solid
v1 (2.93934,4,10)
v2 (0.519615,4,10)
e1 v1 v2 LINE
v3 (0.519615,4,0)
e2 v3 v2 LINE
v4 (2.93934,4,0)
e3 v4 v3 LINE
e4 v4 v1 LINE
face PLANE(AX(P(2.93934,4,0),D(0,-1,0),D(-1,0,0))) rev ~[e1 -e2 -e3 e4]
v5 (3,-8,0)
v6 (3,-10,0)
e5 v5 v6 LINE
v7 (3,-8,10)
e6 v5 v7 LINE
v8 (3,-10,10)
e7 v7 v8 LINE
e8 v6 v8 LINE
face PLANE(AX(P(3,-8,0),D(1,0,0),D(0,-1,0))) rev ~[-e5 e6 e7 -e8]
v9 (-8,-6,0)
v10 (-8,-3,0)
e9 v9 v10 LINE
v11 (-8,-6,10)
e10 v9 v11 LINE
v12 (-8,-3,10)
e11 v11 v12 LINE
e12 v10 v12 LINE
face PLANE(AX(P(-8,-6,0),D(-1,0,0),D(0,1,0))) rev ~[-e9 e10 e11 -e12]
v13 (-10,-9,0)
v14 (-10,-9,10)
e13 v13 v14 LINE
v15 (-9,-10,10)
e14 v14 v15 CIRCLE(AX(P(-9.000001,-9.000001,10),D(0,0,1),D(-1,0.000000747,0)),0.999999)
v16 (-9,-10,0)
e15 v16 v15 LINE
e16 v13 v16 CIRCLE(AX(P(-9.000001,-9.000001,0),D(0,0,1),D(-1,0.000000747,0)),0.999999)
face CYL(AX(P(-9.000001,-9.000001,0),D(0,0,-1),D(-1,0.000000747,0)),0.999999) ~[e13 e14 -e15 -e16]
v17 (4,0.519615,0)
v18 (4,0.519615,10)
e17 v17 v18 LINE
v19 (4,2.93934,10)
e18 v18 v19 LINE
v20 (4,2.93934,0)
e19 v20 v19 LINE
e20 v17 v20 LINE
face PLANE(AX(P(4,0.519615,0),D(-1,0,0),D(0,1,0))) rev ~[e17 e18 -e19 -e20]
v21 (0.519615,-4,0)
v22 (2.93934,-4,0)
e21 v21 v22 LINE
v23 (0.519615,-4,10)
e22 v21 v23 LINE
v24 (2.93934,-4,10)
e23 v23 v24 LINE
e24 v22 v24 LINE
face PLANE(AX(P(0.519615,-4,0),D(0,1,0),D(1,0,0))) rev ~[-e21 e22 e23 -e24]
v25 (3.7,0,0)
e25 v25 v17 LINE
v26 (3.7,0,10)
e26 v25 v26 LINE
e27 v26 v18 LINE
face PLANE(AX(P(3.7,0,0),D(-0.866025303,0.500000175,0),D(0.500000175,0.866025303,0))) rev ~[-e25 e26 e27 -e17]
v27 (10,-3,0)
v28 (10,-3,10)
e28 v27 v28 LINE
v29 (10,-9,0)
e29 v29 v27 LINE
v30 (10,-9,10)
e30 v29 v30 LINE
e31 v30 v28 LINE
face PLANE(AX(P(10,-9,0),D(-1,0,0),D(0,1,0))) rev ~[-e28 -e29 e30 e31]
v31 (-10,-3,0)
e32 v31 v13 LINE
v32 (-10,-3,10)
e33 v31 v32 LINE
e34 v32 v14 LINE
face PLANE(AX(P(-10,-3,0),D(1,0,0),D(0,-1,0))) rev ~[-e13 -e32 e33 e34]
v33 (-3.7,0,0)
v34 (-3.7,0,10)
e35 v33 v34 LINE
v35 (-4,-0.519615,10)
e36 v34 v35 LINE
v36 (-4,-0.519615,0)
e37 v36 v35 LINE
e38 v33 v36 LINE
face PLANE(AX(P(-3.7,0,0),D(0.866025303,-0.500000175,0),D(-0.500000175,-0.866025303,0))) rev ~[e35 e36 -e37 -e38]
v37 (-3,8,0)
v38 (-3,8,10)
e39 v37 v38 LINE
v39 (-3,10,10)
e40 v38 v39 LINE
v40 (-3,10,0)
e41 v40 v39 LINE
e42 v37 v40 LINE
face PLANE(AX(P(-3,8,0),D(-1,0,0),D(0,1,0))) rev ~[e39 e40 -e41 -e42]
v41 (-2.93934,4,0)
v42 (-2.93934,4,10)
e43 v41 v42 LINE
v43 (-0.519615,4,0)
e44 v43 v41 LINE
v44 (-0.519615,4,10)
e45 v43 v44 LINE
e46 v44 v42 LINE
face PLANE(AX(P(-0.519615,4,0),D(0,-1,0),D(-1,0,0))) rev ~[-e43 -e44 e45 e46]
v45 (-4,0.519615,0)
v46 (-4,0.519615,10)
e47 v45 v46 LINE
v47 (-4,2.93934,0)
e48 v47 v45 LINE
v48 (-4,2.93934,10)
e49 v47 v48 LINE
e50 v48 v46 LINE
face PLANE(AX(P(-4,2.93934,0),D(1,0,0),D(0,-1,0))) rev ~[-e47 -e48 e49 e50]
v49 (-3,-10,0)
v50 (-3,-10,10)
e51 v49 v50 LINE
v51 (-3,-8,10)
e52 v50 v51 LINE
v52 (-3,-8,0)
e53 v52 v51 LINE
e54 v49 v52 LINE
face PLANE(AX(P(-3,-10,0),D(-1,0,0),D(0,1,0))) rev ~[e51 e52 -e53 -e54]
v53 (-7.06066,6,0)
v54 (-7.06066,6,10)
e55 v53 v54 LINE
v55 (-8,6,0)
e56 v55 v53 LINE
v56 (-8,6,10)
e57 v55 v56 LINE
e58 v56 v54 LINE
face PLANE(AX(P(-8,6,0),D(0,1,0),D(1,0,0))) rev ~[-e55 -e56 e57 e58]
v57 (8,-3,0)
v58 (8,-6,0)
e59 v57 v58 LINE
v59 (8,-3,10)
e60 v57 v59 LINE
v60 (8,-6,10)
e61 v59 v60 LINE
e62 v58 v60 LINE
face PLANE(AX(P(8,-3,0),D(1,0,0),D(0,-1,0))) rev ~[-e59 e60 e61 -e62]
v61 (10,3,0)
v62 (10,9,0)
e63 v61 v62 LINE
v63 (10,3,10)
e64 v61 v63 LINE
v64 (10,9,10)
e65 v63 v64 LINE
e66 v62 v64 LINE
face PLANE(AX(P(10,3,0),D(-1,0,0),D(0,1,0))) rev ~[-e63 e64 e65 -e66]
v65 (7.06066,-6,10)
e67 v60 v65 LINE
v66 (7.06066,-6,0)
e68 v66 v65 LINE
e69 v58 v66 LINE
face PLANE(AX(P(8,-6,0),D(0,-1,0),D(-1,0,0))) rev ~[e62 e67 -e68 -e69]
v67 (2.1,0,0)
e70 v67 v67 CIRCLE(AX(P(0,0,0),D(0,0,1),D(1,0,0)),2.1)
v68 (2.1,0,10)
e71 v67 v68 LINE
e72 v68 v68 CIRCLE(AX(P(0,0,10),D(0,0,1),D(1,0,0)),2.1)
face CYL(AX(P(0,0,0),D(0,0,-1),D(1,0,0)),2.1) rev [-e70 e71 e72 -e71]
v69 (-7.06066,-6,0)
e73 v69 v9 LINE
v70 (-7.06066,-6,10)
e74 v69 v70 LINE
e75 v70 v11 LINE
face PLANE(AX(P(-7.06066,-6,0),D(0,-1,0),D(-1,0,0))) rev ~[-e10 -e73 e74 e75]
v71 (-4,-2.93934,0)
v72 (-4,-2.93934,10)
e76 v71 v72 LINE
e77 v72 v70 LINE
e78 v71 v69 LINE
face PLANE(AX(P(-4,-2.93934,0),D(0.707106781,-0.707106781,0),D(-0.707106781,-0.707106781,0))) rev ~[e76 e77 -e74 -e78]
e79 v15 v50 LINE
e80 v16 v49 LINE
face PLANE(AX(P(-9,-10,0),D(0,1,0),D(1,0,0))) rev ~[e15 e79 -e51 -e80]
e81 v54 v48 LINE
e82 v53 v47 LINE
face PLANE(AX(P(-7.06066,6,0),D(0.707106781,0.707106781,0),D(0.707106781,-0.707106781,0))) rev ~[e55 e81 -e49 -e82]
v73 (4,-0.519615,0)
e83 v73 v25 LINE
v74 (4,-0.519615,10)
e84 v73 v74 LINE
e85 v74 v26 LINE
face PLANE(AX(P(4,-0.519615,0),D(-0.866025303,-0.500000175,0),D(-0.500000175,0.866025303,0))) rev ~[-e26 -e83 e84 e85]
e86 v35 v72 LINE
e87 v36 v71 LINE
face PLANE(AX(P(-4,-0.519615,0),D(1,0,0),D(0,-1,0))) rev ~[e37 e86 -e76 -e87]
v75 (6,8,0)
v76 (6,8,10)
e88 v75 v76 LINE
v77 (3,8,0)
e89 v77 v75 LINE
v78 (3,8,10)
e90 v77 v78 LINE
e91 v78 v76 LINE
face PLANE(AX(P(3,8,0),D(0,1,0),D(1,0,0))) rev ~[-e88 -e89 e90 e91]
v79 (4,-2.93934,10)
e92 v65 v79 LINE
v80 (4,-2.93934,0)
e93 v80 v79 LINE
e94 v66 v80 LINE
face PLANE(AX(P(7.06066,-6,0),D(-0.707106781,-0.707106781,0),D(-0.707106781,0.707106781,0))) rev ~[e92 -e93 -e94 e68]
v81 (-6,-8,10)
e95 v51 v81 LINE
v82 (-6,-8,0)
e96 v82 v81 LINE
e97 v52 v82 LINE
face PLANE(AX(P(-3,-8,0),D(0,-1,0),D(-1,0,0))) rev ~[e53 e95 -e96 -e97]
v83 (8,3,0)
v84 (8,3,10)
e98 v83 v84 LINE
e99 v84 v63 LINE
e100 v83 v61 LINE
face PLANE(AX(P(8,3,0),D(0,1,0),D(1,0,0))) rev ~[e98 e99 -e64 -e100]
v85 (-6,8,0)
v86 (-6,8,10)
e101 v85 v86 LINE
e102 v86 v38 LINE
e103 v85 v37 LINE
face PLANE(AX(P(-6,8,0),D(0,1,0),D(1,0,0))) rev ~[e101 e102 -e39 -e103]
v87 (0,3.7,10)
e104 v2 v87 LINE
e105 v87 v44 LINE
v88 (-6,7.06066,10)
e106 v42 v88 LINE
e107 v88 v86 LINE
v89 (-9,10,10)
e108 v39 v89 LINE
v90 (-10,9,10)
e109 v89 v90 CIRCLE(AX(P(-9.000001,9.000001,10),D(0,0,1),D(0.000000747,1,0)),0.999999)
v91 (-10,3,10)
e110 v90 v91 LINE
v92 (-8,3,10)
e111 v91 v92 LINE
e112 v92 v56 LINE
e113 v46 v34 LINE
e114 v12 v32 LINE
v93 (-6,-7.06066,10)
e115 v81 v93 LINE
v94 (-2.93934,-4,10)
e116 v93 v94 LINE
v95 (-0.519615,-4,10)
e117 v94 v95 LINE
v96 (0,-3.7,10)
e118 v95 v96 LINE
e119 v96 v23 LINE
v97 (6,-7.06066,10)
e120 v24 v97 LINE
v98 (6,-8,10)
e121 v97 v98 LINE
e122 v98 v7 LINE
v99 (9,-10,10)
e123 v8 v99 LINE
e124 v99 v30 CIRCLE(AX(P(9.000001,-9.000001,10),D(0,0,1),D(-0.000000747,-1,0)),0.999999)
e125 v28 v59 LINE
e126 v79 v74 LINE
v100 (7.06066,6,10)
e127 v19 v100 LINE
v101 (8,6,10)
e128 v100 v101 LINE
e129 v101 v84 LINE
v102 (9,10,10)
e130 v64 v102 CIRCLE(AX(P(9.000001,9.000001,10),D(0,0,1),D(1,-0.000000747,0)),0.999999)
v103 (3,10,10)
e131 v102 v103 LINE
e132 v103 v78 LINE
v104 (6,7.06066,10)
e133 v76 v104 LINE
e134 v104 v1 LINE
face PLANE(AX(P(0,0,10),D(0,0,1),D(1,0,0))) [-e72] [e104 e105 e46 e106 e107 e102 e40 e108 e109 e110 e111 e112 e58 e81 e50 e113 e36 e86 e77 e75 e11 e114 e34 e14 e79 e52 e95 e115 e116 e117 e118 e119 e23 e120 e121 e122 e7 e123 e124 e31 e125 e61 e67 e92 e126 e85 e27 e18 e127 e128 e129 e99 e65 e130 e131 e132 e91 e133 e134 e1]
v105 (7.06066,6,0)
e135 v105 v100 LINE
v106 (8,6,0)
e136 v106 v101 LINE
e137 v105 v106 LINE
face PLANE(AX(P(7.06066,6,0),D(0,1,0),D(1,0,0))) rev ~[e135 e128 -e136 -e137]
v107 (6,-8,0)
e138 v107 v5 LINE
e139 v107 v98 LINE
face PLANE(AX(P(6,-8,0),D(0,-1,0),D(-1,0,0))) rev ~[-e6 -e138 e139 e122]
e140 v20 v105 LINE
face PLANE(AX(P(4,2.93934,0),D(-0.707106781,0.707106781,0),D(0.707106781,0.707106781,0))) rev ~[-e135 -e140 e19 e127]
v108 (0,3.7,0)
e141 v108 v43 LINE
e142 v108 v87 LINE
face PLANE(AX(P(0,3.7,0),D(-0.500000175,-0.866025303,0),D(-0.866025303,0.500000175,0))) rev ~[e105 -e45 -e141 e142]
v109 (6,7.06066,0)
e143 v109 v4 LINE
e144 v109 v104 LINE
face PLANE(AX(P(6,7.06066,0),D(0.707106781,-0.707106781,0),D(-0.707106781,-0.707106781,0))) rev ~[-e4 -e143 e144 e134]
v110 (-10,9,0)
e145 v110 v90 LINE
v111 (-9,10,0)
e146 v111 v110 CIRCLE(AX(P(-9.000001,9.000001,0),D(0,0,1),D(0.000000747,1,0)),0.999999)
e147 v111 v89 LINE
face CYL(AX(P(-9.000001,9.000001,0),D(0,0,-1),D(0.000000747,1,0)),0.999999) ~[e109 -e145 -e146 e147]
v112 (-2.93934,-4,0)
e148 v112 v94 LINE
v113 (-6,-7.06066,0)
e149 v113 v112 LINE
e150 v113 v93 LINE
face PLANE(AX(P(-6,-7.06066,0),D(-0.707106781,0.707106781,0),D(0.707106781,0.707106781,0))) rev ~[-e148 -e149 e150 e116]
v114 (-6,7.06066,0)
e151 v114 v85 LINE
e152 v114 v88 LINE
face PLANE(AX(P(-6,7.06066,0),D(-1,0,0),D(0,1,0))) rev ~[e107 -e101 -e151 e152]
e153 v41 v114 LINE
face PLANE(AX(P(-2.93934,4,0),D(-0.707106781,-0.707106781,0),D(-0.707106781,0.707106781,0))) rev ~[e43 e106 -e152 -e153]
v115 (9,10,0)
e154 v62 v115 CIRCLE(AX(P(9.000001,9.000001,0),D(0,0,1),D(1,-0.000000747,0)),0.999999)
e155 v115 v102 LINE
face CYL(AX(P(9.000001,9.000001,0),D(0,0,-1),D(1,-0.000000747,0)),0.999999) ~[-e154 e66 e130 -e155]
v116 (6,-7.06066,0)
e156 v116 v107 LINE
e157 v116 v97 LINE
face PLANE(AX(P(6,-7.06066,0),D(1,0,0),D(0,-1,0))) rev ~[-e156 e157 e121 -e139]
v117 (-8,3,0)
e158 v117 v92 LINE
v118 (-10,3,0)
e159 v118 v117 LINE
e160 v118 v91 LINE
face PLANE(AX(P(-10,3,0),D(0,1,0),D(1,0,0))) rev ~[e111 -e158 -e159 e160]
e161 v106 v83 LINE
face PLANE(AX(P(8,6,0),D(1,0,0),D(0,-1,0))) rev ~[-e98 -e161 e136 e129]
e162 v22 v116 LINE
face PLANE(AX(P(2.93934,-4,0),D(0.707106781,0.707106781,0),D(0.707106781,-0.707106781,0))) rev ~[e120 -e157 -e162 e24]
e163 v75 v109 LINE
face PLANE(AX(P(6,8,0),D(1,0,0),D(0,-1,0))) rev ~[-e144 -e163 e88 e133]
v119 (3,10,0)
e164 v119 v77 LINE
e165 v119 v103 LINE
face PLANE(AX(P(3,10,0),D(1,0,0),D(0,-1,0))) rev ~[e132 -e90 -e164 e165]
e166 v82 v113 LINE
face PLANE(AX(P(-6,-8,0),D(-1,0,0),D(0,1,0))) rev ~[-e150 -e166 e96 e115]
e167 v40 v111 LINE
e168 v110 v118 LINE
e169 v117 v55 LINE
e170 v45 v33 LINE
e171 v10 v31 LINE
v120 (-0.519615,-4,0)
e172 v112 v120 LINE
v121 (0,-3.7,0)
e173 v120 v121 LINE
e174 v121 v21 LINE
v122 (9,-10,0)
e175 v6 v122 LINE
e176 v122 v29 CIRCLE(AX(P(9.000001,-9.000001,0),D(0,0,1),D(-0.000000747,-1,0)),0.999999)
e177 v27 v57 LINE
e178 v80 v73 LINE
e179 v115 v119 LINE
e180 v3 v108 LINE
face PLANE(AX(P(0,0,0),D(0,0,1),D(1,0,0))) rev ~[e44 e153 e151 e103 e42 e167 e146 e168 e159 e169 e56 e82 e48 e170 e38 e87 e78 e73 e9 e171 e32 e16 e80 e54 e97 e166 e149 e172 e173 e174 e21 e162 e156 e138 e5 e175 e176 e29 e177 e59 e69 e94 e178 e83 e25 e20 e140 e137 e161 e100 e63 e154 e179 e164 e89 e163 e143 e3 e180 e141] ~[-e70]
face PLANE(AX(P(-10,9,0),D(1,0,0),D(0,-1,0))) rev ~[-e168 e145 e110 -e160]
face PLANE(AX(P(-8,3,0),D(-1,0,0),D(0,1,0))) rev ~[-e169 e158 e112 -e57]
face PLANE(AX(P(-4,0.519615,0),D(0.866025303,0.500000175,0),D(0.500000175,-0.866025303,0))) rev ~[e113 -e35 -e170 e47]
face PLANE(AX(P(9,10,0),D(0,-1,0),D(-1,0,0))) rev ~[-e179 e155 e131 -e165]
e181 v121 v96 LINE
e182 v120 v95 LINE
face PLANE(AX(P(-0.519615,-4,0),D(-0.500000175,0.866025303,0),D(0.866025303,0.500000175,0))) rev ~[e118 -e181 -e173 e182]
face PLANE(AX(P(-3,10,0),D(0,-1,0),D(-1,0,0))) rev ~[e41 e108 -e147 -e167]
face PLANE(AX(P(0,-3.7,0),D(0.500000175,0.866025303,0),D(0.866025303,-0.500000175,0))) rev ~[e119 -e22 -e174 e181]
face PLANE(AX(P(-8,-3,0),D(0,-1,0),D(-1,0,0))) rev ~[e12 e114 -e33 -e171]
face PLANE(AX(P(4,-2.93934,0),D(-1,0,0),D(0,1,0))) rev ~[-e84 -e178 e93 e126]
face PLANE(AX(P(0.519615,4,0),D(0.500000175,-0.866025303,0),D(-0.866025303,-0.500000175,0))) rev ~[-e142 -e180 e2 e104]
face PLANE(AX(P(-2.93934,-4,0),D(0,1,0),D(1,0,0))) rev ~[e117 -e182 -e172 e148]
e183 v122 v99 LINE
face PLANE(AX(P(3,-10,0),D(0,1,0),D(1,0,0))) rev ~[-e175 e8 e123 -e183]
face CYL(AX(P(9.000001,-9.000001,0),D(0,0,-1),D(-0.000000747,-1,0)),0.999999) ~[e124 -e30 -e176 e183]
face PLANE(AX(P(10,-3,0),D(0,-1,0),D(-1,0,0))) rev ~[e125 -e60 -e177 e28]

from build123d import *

# Parameters (mm, degrees)
F0_R     = 2.1
F1_DEPTH = 10


with BuildPart() as f1:
    # F0 (on Top) → F1 (new body)
    with BuildSketch(Plane.XY):
        with BuildLine():
            Line((-8, -6), (-8, -3))
            Line((-8, -3), (-10, -3))
            Line((-10, -3), (-10, -9))
            ThreePointArc((-10, -9), (-9.707107, -9.707107), (-9, -10))
            Line((-9, -10), (-3, -10))
            Line((-3, -10), (-3, -8))
            Line((-3, -8), (-6, -8))
            Line((-6, -8), (-6, -7.06066))
            Line((-6, -7.06066), (-2.93934, -4))
            Line((-2.93934, -4), (-0.519615, -4))
            Line((-0.519615, -4), (0, -3.7))
            Line((0, -3.7), (0.519615, -4))
            Line((0.519615, -4), (2.93934, -4))
            Line((2.93934, -4), (6, -7.06066))
            Line((6, -7.06066), (6, -8))
            Line((6, -8), (3, -8))
            Line((3, -8), (3, -10))
            Line((3, -10), (9, -10))
            ThreePointArc((9, -10), (9.707107, -9.707107), (10, -9))
            Line((10, -9), (10, -3))
            Line((10, -3), (8, -3))
            Line((8, -3), (8, -6))
            Line((8, -6), (7.06066, -6))
            Line((7.06066, -6), (4, -2.93934))
            Line((4, -2.93934), (4, -0.519615))
            Line((4, -0.519615), (3.7, 0))
            Line((3.7, 0), (4, 0.519615))
            Line((4, 0.519615), (4, 2.93934))
            Line((4, 2.93934), (7.06066, 6))
            Line((7.06066, 6), (8, 6))
            Line((8, 6), (8, 3))
            Line((8, 3), (10, 3))
            Line((10, 3), (10, 9))
            ThreePointArc((10, 9), (9.707107, 9.707107), (9, 10))
            Line((9, 10), (3, 10))
            Line((3, 10), (3, 8))
            Line((3, 8), (6, 8))
            Line((6, 8), (6, 7.06066))
            Line((6, 7.06066), (2.93934, 4))
            Line((2.93934, 4), (0.519615, 4))
            Line((0.519615, 4), (0, 3.7))
            Line((0, 3.7), (-0.519615, 4))
            Line((-0.519615, 4), (-2.93934, 4))
            Line((-2.93934, 4), (-6, 7.06066))
            Line((-6, 7.06066), (-6, 8))
            Line((-6, 8), (-3, 8))
            Line((-3, 8), (-3, 10))
            Line((-3, 10), (-9, 10))
            ThreePointArc((-9, 10), (-9.707107, 9.707107), (-10, 9))
            Line((-10, 9), (-10, 3))
            Line((-10, 3), (-8, 3))
            Line((-8, 3), (-8, 6))
            Line((-8, 6), (-7.06066, 6))
            Line((-7.06066, 6), (-4, 2.93934))
            Line((-4, 2.93934), (-4, 0.519615))
            Line((-4, 0.519615), (-3.7, 0))
            Line((-3.7, 0), (-4, -0.519615))
            Line((-4, -0.519615), (-4, -2.93934))
            Line((-4, -2.93934), (-7.06066, -6))
            Line((-7.06066, -6), (-8, -6))
        make_face()
        Circle(F0_R, mode=Mode.SUBTRACT)
    extrude(amount=F1_DEPTH)


solid = f1.part
